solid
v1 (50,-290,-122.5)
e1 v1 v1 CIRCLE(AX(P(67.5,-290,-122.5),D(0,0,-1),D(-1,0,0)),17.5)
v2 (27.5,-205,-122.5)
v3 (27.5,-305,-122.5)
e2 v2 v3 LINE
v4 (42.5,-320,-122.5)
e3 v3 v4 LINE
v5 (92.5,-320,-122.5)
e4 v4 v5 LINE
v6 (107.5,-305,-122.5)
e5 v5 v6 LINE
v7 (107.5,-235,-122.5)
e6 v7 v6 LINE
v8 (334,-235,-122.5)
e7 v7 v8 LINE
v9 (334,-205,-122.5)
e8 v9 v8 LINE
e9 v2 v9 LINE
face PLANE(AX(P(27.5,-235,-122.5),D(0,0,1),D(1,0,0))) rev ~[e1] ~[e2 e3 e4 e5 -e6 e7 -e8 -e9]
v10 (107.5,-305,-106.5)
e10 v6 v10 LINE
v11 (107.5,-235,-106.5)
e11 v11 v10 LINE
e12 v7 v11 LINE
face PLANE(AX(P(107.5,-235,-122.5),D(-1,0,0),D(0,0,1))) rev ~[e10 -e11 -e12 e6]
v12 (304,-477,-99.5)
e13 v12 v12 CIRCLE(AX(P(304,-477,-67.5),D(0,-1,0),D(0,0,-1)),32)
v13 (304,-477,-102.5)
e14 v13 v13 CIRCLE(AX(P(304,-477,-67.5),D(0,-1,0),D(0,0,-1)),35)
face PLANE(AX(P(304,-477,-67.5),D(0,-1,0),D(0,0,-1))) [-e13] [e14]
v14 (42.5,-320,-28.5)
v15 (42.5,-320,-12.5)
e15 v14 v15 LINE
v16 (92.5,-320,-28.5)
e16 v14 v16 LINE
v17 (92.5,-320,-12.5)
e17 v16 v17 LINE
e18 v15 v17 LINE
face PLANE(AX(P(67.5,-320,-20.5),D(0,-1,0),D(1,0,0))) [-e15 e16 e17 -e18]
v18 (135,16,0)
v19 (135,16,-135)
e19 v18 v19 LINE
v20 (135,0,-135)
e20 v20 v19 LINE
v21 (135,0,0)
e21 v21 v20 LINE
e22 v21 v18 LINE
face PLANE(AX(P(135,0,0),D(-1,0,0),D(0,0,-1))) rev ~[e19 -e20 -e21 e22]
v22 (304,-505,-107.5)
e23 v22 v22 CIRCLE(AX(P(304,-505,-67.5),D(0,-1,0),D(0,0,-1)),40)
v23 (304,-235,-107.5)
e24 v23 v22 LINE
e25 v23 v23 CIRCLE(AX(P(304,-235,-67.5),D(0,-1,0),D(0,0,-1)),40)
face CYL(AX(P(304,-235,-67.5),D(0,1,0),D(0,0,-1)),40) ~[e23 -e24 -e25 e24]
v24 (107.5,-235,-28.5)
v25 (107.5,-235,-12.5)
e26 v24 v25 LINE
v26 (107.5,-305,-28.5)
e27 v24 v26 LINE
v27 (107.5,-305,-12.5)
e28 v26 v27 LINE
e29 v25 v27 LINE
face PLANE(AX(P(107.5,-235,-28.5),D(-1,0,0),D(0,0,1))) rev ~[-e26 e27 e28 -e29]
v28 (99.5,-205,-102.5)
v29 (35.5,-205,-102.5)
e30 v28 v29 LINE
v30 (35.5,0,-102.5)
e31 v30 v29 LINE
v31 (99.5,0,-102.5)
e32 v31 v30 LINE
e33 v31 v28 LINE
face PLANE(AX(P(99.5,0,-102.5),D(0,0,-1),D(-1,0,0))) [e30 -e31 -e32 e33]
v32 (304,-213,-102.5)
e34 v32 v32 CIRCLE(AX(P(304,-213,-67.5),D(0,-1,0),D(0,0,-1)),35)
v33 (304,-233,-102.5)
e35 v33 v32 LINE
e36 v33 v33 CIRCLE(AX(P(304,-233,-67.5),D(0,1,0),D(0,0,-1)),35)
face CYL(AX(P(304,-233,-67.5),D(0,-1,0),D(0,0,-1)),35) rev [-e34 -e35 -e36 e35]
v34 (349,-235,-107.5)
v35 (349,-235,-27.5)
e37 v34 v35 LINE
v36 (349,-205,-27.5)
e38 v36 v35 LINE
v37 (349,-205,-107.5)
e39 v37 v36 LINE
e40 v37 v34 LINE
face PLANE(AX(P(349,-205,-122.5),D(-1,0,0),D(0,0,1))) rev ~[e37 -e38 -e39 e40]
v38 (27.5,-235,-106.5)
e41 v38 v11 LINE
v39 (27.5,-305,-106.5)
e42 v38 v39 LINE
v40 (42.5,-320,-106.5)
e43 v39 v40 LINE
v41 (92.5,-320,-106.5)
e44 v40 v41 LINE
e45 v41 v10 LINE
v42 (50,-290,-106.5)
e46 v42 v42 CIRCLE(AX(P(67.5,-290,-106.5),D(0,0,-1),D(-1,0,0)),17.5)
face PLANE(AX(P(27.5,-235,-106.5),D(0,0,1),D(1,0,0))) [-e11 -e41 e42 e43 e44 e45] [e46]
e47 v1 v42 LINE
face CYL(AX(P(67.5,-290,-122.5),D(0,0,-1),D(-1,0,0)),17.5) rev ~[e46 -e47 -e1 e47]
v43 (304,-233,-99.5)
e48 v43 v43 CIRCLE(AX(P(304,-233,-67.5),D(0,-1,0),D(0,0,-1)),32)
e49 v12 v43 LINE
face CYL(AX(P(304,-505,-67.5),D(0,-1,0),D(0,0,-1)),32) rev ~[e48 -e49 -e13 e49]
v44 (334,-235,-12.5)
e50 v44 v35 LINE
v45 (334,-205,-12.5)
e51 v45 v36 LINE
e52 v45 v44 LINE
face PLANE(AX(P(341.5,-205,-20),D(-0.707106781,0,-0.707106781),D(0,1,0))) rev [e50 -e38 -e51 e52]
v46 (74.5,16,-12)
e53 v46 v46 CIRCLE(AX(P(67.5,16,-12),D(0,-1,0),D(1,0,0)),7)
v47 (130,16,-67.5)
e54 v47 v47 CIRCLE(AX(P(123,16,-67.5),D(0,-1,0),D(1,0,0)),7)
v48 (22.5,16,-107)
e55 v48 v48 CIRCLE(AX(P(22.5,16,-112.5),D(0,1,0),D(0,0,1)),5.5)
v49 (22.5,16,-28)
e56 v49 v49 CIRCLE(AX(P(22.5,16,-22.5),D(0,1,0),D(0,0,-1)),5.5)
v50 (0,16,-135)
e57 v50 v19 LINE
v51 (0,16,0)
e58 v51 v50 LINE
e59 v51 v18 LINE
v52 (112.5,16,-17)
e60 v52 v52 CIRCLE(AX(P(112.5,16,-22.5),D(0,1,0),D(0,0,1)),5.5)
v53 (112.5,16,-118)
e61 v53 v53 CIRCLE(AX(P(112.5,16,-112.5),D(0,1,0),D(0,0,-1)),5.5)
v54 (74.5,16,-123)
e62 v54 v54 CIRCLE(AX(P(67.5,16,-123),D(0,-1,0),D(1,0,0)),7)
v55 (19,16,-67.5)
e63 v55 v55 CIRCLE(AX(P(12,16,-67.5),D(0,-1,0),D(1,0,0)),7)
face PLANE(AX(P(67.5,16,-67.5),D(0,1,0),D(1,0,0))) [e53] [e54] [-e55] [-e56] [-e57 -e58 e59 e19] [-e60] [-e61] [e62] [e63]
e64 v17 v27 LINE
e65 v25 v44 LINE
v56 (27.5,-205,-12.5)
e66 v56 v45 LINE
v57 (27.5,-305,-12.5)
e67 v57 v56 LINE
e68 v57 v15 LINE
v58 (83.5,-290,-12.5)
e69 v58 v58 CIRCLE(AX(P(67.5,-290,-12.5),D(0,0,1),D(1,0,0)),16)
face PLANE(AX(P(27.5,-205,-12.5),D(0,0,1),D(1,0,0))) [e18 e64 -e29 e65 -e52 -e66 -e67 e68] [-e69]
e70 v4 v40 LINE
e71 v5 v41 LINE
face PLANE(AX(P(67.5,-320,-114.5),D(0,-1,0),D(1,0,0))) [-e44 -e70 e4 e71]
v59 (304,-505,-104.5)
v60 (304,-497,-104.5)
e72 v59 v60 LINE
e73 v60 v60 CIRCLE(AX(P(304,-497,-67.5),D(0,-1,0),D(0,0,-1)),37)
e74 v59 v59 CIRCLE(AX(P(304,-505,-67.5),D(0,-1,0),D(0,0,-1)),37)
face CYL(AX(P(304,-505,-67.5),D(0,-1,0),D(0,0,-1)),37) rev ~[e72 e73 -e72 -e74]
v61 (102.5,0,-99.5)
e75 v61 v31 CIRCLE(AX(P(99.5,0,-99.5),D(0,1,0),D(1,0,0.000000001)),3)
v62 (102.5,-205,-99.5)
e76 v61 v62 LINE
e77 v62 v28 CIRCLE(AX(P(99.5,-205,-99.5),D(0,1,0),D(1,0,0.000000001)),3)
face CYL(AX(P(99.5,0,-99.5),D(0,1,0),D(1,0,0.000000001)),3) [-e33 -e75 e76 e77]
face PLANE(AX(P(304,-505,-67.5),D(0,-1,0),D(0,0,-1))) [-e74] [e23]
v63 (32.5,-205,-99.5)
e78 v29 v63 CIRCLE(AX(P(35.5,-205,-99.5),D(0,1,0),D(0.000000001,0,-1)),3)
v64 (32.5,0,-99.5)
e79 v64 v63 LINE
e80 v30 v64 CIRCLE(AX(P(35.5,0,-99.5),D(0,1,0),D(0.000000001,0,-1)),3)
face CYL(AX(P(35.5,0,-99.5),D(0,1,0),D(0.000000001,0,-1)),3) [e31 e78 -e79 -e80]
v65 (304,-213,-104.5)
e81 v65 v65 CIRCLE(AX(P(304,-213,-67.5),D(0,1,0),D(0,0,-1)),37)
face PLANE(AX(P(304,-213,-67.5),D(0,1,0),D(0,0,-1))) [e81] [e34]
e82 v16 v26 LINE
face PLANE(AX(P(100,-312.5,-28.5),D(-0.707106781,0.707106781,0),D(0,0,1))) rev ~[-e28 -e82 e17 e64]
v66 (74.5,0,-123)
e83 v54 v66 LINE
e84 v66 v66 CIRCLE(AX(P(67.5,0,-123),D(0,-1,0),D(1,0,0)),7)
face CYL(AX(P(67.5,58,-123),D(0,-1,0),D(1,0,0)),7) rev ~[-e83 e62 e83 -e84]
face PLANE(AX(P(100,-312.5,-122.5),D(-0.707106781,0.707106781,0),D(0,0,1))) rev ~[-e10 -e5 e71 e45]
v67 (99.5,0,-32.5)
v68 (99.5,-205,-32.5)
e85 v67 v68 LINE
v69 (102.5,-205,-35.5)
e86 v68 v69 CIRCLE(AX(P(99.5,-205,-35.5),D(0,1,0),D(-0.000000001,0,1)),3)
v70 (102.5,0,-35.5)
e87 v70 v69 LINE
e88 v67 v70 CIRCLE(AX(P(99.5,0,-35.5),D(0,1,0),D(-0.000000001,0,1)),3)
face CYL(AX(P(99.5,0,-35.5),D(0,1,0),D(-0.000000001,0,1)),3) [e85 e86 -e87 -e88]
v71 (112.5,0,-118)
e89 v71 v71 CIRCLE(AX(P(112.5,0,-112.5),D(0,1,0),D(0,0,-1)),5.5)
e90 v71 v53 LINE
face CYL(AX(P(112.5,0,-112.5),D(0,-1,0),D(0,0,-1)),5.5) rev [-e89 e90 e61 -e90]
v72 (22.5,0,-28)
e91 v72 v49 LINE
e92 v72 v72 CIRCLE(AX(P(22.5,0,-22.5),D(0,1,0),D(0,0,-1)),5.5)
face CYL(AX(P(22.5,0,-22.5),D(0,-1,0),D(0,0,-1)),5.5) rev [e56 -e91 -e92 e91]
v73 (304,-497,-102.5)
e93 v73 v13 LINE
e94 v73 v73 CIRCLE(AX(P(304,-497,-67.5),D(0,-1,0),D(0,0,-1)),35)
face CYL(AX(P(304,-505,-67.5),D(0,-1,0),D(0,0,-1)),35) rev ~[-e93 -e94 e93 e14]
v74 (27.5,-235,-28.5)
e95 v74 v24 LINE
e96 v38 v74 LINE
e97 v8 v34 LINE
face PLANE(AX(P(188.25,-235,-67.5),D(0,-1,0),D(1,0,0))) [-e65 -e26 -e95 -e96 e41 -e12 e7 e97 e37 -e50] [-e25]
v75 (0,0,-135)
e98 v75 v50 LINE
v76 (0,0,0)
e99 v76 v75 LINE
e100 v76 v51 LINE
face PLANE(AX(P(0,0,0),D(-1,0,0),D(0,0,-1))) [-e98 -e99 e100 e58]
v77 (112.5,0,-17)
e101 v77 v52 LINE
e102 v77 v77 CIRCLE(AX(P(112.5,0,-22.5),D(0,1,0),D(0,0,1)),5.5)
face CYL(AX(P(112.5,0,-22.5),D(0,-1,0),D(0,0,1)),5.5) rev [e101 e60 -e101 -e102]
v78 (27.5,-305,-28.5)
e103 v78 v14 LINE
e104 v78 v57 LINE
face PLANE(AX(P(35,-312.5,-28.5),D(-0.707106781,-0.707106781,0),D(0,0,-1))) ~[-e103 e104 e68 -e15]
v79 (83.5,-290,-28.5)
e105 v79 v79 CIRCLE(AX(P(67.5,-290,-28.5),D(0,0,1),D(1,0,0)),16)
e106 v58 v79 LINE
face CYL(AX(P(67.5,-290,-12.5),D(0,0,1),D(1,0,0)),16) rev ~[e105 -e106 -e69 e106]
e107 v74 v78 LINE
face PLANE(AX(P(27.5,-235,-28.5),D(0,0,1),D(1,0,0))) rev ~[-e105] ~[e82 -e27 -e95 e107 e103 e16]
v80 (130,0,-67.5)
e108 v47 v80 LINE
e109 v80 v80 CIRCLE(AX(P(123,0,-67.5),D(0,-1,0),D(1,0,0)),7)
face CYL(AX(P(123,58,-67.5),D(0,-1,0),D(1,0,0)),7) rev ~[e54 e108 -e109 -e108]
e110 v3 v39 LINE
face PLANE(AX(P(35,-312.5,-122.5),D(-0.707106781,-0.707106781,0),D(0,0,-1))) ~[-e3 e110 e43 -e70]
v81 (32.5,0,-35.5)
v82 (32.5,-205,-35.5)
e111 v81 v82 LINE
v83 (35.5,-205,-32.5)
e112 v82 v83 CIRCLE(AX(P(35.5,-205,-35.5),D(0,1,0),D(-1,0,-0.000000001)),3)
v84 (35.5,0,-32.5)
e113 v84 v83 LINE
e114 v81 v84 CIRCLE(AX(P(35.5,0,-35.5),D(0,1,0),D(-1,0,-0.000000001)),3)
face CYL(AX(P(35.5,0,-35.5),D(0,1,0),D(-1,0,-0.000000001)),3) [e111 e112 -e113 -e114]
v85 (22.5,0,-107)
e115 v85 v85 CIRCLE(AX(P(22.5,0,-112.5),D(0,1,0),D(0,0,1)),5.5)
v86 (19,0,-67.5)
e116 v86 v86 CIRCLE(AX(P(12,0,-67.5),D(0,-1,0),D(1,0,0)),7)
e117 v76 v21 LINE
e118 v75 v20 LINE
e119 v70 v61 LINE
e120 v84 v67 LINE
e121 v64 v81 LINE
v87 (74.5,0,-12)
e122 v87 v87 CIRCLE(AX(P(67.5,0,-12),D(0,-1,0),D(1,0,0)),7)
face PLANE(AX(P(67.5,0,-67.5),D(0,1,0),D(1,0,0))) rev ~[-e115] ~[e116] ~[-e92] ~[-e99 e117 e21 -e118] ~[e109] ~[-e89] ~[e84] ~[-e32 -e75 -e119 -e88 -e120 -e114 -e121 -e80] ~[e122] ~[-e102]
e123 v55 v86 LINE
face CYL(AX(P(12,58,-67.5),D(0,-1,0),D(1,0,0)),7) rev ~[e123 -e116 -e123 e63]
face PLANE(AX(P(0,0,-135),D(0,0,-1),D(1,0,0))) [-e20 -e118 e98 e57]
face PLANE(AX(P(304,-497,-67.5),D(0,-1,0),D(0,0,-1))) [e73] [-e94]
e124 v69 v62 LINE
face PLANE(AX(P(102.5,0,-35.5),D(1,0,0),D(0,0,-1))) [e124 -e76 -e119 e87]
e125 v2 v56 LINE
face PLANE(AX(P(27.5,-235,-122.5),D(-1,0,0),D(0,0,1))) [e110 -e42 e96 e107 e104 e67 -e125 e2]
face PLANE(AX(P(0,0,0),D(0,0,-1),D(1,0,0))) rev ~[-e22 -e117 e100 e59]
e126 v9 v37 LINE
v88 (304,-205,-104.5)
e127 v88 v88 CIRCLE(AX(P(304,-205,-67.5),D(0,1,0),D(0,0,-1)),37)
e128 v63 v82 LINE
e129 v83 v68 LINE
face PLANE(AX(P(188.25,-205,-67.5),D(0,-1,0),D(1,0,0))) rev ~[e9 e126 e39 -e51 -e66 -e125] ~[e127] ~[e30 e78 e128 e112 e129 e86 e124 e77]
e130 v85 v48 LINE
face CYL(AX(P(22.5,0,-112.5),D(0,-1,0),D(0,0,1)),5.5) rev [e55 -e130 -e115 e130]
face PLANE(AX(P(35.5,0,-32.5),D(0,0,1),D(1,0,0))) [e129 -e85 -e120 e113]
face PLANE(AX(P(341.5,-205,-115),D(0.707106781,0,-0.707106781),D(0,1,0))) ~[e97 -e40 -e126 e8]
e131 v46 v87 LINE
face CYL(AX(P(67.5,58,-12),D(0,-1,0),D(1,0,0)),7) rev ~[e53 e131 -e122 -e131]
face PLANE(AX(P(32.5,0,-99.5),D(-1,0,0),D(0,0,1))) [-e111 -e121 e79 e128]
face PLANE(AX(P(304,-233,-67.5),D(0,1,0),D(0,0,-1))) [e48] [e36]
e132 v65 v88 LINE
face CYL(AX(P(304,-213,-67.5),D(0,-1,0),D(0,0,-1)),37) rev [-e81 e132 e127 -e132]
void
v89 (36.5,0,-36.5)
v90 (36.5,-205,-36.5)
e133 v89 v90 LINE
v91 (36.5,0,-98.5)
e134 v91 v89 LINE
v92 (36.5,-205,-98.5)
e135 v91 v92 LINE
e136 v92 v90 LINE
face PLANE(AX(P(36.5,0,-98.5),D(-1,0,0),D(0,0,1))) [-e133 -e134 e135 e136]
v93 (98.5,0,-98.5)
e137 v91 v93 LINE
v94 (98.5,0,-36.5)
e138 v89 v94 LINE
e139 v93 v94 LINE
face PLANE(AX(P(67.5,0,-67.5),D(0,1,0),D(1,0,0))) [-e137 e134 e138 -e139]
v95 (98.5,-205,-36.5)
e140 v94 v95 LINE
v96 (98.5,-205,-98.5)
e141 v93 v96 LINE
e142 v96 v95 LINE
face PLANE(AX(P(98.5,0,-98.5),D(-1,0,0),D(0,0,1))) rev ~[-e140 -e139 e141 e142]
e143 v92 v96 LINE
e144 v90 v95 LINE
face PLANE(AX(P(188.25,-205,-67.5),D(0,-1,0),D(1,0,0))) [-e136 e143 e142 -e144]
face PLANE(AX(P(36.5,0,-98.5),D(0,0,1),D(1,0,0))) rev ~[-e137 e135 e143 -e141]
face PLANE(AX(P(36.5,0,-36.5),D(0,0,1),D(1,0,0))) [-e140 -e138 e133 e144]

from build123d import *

# Parameters (mm, degrees)
SCHIZZO1_W                = 135
SCHIZZO1_H                = 135
SCHIZZO1_R                = 5.5
ESTRUSIONE1_DEPTH         = 16
SCHIZZO2_W                = 62
SCHIZZO2_H                = 62
ESTRUSIONE_SOTTILE1_DEPTH = 205
SCHIZZO3_W                = 321.5
SCHIZZO3_H                = 110
ESTRUSIONE2_DEPTH         = 30
SCHIZZO4_R                = 40
ESTRUSIONE3_DEPTH         = 270
SCHIZZO6_R                = 32
ESTRUSIONE4_DEPTH         = 642.456935421
SCHIZZO7_R                = 35
ESTRUSIONE5_DEPTH         = 28
ESTRUSIONE6_START         = -28
SCHIZZO8_R                = 35
ESTRUSIONE6_DEPTH         = 28
SCHIZZO9_W                = 80
SCHIZZO9_H                = 16
ESTRUSIONE7_DEPTH         = 85
SCHIZZO10_R               = 16
ESTRUSIONE8_DEPTH         = 40
SCHIZZO11_R               = 17.5
ESTRUSIONE9_DEPTH         = 40
SMUSSO1_SIZE              = 15
SCHIZZO12_R               = 37
ESTRUSIONE10_DEPTH        = 8
ESTRUSIONE11_START        = -8
SCHIZZO13_R               = 37
ESTRUSIONE11_DEPTH        = 8
M16_TAPPED_HOLE1_D        = 14
M16_TAPPED_HOLE1_DEPTH    = 42
M16_TAPPED_HOLE1_TIP      = 4.206024333


with BuildPart() as part:
    # Schizzo1 → Estrusione1 (new body)
    with BuildSketch(Plane(origin=(0, 0, 0), x_dir=(1, 0, 0), z_dir=(0, 1, 0))):
        with Locations((67.5, 67.5)):
            Rectangle(SCHIZZO1_W, SCHIZZO1_H)
        with Locations((22.5, 112.5)):
            Circle(SCHIZZO1_R, mode=Mode.SUBTRACT)
        with Locations((112.5, 112.5)):
            Circle(SCHIZZO1_R, mode=Mode.SUBTRACT)
        with Locations((112.5, 22.5)):
            Circle(SCHIZZO1_R, mode=Mode.SUBTRACT)
        with Locations((22.5, 22.5)):
            Circle(SCHIZZO1_R, mode=Mode.SUBTRACT)
    extrude(amount=ESTRUSIONE1_DEPTH)

    # Schizzo2 → Estrusione-Sottile1 (add)
    with BuildSketch(Plane.XZ):
        with BuildLine():
            Line((32.5, -99.5), (32.5, -35.5))
            ThreePointArc((32.5, -35.5), (33.378679656, -33.378679656), (35.5, -32.5))
            Line((35.5, -32.5), (99.5, -32.5))
            ThreePointArc((99.5, -32.5), (101.621320344, -33.378679656), (102.5, -35.5))
            Line((102.5, -35.5), (102.5, -99.5))
            ThreePointArc((102.5, -99.5), (101.621320344, -101.621320344), (99.5, -102.5))
            Line((99.5, -102.5), (35.5, -102.5))
            ThreePointArc((35.5, -102.5), (33.378679656, -101.621320344), (32.5, -99.5))
        make_face()
        with Locations((67.5, -67.5)):
            Rectangle(SCHIZZO2_W, SCHIZZO2_H, mode=Mode.SUBTRACT)
    extrude(amount=ESTRUSIONE_SOTTILE1_DEPTH)

    # Schizzo3 → Estrusione2 (add)
    with BuildSketch(Plane.XZ.offset(205)):
        with Locations((188.25, -67.5)):
            Rectangle(SCHIZZO3_W, SCHIZZO3_H)
    extrude(amount=ESTRUSIONE2_DEPTH)

    # Schizzo4 → Estrusione3 (add)
    with BuildSketch(Plane.XZ.offset(235)):
        with Locations((304, -67.5)):
            Circle(SCHIZZO4_R)
    extrude(amount=ESTRUSIONE3_DEPTH)

    # Schizzo6 → Estrusione4 (cut, through all)
    with BuildSketch(Plane.XZ.offset(505)):
        with Locations((304, -67.5)):
            Circle(SCHIZZO6_R)
    extrude(amount=-ESTRUSIONE4_DEPTH, mode=Mode.SUBTRACT)

    # Schizzo7 → Estrusione5 (cut)
    with BuildSketch(Plane.XZ.offset(505)):
        with Locations((304, -67.5)):
            Circle(SCHIZZO7_R)
    extrude(amount=-ESTRUSIONE5_DEPTH, mode=Mode.SUBTRACT)

    # Schizzo8 → Estrusione6 (cut)
    with BuildSketch(Plane(origin=(0, -205, 0), x_dir=(1, 0, 0), z_dir=(0, 1, 0)).offset(ESTRUSIONE6_START)):
        with Locations((304, 67.5)):
            Circle(SCHIZZO8_R)
    extrude(amount=ESTRUSIONE6_DEPTH, mode=Mode.SUBTRACT)

    # Schizzo9 → Estrusione7 (add)
    with BuildSketch(Plane.XZ.offset(235)):
        with Locations((67.5, -114.5)):
            Rectangle(SCHIZZO9_W, SCHIZZO9_H)
        with Locations((67.5, -20.5)):
            Rectangle(SCHIZZO9_W, SCHIZZO9_H)
    extrude(amount=ESTRUSIONE7_DEPTH)

    # Schizzo10 → Estrusione8 (cut)
    with BuildSketch(Plane.XY.offset(-12.5)):
        with Locations((67.5, -290)):
            Circle(SCHIZZO10_R)
    extrude(amount=-ESTRUSIONE8_DEPTH, mode=Mode.SUBTRACT)

    # Schizzo11 → Estrusione9 (cut)
    with BuildSketch(Plane(origin=(0, 0, -122.5), x_dir=(-1, 0, 0), z_dir=(0, 0, -1))):
        with Locations((-67.5, -290)):
            Circle(SCHIZZO11_R)
    extrude(amount=-ESTRUSIONE9_DEPTH, mode=Mode.SUBTRACT)

    # Smusso1
    smusso1_edges = [part.edges().sort_by_distance(p)[0] for p in [
        (349, -220, -12.5),
        (349, -220, -122.5),
        (27.5, -320, -20.5),
        (107.5, -320, -20.5),
        (27.5, -320, -114.5),
        (107.5, -320, -114.5),
    ]]
    chamfer(smusso1_edges, length=SMUSSO1_SIZE)

    # Schizzo12 → Estrusione10 (cut)
    with BuildSketch(Plane.XZ.offset(505)):
        with Locations((304, -67.5)):
            Circle(SCHIZZO12_R)
    extrude(amount=-ESTRUSIONE10_DEPTH, mode=Mode.SUBTRACT)

    # Schizzo13 → Estrusione11 (cut)
    with BuildSketch(Plane(origin=(0, -205, 0), x_dir=(1, 0, 0), z_dir=(0, 1, 0)).offset(ESTRUSIONE11_START)):
        with Locations((304, 67.5)):
            Circle(SCHIZZO13_R)
    extrude(amount=ESTRUSIONE11_DEPTH, mode=Mode.SUBTRACT)

    # M16 Tapped Hole1
    with Locations(Plane(origin=(0, 16, 0), x_dir=(-1, 0, 0), z_dir=(0, 1, 0))):
        with Locations((-67.5, -123), (-12, -67.5), (-67.5, -12), (-123, -67.5)):
            Hole(M16_TAPPED_HOLE1_D / 2, depth=M16_TAPPED_HOLE1_DEPTH)
            with Locations((0, 0, -(M16_TAPPED_HOLE1_DEPTH + M16_TAPPED_HOLE1_TIP / 2))):  # 118° drill point
                Cone(0, M16_TAPPED_HOLE1_D / 2, M16_TAPPED_HOLE1_TIP, mode=Mode.SUBTRACT)


solid = part.part
